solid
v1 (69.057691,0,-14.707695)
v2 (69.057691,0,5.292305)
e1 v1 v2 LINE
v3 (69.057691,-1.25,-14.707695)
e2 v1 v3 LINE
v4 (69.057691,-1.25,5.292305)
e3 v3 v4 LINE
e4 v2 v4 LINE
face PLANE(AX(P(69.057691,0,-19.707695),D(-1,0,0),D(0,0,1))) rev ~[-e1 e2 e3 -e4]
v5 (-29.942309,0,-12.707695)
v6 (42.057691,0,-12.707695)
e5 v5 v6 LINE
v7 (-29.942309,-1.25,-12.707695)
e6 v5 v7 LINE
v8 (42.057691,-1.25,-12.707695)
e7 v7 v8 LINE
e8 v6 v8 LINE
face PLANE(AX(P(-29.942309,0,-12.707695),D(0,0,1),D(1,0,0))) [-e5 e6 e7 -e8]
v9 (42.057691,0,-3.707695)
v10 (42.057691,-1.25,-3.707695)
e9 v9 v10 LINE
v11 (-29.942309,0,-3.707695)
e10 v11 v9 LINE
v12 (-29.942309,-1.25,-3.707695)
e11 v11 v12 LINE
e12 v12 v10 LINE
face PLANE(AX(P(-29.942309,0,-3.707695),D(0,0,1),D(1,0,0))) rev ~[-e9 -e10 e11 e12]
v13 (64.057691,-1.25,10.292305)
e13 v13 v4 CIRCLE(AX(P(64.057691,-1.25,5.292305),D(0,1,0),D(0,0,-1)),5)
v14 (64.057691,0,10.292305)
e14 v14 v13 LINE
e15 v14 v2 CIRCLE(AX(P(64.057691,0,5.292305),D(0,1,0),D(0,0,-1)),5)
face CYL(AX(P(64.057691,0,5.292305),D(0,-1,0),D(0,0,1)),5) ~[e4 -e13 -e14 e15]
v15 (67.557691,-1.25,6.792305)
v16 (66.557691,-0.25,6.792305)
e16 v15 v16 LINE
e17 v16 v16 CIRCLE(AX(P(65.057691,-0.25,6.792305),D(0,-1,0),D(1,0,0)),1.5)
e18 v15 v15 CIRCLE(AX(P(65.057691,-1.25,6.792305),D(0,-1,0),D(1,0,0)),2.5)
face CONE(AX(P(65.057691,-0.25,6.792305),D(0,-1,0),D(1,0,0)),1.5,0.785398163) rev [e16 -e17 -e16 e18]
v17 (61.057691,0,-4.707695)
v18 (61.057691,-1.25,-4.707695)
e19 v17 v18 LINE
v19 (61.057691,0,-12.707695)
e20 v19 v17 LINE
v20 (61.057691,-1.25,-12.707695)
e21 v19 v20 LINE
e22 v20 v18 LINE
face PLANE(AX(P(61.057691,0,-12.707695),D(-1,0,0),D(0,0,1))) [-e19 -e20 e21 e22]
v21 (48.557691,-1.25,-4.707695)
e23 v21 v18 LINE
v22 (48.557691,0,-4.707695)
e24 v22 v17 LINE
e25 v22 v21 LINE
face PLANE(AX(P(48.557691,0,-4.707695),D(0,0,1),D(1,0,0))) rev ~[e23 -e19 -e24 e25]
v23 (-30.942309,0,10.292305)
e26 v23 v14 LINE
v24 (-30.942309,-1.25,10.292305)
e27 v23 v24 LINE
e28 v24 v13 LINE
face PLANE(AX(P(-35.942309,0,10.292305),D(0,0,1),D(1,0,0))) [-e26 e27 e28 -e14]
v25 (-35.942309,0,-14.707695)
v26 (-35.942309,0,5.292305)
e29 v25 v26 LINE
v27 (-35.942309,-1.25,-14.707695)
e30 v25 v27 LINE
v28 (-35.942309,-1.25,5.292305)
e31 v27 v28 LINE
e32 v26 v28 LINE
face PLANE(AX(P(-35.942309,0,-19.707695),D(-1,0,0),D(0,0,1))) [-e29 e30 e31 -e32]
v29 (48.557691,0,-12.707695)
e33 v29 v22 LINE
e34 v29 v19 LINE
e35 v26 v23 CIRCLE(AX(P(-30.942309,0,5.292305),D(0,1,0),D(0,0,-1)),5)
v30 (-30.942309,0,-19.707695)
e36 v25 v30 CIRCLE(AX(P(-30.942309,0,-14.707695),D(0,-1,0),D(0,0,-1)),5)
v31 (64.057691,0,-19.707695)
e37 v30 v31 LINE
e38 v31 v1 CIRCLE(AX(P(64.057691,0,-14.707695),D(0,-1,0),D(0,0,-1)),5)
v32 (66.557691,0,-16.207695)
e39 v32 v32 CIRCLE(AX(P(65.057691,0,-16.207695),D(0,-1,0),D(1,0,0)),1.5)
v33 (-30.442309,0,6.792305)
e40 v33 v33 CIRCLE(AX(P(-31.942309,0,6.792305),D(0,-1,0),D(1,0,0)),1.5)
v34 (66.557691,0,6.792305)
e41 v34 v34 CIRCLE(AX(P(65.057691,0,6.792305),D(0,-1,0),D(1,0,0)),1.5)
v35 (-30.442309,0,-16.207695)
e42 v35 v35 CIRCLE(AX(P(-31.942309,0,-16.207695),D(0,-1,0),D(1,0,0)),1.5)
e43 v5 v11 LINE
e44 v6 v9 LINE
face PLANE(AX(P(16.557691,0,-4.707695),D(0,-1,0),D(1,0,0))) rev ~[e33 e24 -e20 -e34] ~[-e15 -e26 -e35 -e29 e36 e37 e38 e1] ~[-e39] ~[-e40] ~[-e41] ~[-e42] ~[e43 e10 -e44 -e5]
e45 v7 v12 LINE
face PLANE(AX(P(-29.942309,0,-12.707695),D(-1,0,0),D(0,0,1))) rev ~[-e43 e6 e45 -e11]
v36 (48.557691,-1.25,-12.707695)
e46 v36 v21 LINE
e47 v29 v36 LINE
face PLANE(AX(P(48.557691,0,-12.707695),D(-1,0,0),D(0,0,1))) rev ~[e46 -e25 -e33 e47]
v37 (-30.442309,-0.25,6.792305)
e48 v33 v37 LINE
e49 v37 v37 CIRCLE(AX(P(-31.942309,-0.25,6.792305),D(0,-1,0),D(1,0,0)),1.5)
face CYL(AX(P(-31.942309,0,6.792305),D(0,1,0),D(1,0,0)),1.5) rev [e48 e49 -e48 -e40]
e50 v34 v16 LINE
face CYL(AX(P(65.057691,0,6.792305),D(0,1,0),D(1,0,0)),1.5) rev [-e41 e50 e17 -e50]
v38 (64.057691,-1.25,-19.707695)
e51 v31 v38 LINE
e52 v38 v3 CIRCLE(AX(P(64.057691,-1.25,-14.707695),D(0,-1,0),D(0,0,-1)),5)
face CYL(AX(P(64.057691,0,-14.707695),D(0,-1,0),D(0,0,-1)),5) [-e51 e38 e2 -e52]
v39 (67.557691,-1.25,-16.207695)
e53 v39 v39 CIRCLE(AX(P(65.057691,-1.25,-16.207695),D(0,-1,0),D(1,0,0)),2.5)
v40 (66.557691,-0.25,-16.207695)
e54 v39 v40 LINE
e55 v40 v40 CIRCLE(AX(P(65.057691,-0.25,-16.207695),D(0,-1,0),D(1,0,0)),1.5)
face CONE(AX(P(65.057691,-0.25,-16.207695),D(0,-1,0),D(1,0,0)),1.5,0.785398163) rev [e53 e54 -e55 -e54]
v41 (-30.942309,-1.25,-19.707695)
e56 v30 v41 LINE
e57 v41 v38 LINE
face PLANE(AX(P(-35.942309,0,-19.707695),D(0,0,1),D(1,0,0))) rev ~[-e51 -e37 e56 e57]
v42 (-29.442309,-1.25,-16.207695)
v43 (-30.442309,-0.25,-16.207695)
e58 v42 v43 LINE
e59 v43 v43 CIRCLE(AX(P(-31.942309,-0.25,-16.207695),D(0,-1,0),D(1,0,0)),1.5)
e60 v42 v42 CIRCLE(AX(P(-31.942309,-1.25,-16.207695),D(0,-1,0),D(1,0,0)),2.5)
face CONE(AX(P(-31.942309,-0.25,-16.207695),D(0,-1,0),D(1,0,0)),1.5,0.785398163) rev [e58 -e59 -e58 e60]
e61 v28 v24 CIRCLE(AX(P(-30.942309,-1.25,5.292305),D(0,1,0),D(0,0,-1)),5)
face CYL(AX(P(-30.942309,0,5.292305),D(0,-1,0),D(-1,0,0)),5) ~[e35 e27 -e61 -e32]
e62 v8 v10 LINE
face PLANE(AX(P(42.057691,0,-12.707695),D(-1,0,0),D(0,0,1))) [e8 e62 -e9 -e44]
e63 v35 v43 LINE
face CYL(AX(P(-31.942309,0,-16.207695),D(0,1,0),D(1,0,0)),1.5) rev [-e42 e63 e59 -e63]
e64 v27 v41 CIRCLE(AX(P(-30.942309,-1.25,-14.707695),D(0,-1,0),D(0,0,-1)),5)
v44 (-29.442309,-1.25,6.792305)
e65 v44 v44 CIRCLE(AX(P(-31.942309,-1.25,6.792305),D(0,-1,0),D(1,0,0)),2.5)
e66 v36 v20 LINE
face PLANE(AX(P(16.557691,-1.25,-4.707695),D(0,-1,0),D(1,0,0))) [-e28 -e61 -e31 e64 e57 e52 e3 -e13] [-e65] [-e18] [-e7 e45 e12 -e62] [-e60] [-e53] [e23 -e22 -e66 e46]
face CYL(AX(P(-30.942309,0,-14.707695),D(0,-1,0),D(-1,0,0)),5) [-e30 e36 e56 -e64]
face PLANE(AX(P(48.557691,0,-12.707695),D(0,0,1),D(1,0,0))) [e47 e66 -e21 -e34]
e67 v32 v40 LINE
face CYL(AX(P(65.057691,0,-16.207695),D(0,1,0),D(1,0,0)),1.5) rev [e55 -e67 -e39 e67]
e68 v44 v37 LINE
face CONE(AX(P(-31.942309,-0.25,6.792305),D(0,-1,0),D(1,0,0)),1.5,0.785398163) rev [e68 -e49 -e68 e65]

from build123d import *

# Parameters (mm, degrees)
F0_W     = 105
F0_H     = 30
F0_R     = 1.5
F0_W_2   = 72
F0_H_2   = 9
F0_W_3   = 12.5
F0_H_3   = 8
F1_DEPTH = 1.25
F2_R     = 5
F3_SIZE  = 1


with BuildPart() as f1:
    # F0 (on Front) → F1 (new body)
    with BuildSketch(Plane.XZ):
        with Locations((16.557691, -4.707695)):
            Rectangle(F0_W, F0_H)
        with Locations((-31.942309, -16.207695)):
            Circle(F0_R, mode=Mode.SUBTRACT)
        with Locations((6.057691, -8.207695)):
            Rectangle(F0_W_2, F0_H_2, mode=Mode.SUBTRACT)
        with Locations((65.057691, -16.207695)):
            Circle(F0_R, mode=Mode.SUBTRACT)
        with Locations((54.807691, -8.707695)):
            Rectangle(F0_W_3, F0_H_3, mode=Mode.SUBTRACT)
        with Locations((-31.942309, 6.792305)):
            Circle(F0_R, mode=Mode.SUBTRACT)
        with Locations((65.057691, 6.792305)):
            Circle(F0_R, mode=Mode.SUBTRACT)
    extrude(amount=F1_DEPTH)

    # F2
    f2_edges = [f1.edges().sort_by_distance(p)[0] for p in [
        (69.057691, -0.625, 10.292305),
        (69.057691, -0.625, -19.707695),
        (-35.942309, -0.625, -19.707695),
        (-35.942309, -0.625, 10.292305),
    ]]
    fillet(f2_edges, radius=F2_R)

    # F3
    f3_edges = [f1.edges().sort_by_distance(p)[0] for p in [
        (-33.442309, -1.25, 6.792305),
        (-33.442309, -1.25, -16.207695),
        (63.557691, -1.25, -16.207695),
        (63.557691, -1.25, 6.792305),
    ]]
    chamfer(f3_edges, length=F3_SIZE)


solid = f1.part
